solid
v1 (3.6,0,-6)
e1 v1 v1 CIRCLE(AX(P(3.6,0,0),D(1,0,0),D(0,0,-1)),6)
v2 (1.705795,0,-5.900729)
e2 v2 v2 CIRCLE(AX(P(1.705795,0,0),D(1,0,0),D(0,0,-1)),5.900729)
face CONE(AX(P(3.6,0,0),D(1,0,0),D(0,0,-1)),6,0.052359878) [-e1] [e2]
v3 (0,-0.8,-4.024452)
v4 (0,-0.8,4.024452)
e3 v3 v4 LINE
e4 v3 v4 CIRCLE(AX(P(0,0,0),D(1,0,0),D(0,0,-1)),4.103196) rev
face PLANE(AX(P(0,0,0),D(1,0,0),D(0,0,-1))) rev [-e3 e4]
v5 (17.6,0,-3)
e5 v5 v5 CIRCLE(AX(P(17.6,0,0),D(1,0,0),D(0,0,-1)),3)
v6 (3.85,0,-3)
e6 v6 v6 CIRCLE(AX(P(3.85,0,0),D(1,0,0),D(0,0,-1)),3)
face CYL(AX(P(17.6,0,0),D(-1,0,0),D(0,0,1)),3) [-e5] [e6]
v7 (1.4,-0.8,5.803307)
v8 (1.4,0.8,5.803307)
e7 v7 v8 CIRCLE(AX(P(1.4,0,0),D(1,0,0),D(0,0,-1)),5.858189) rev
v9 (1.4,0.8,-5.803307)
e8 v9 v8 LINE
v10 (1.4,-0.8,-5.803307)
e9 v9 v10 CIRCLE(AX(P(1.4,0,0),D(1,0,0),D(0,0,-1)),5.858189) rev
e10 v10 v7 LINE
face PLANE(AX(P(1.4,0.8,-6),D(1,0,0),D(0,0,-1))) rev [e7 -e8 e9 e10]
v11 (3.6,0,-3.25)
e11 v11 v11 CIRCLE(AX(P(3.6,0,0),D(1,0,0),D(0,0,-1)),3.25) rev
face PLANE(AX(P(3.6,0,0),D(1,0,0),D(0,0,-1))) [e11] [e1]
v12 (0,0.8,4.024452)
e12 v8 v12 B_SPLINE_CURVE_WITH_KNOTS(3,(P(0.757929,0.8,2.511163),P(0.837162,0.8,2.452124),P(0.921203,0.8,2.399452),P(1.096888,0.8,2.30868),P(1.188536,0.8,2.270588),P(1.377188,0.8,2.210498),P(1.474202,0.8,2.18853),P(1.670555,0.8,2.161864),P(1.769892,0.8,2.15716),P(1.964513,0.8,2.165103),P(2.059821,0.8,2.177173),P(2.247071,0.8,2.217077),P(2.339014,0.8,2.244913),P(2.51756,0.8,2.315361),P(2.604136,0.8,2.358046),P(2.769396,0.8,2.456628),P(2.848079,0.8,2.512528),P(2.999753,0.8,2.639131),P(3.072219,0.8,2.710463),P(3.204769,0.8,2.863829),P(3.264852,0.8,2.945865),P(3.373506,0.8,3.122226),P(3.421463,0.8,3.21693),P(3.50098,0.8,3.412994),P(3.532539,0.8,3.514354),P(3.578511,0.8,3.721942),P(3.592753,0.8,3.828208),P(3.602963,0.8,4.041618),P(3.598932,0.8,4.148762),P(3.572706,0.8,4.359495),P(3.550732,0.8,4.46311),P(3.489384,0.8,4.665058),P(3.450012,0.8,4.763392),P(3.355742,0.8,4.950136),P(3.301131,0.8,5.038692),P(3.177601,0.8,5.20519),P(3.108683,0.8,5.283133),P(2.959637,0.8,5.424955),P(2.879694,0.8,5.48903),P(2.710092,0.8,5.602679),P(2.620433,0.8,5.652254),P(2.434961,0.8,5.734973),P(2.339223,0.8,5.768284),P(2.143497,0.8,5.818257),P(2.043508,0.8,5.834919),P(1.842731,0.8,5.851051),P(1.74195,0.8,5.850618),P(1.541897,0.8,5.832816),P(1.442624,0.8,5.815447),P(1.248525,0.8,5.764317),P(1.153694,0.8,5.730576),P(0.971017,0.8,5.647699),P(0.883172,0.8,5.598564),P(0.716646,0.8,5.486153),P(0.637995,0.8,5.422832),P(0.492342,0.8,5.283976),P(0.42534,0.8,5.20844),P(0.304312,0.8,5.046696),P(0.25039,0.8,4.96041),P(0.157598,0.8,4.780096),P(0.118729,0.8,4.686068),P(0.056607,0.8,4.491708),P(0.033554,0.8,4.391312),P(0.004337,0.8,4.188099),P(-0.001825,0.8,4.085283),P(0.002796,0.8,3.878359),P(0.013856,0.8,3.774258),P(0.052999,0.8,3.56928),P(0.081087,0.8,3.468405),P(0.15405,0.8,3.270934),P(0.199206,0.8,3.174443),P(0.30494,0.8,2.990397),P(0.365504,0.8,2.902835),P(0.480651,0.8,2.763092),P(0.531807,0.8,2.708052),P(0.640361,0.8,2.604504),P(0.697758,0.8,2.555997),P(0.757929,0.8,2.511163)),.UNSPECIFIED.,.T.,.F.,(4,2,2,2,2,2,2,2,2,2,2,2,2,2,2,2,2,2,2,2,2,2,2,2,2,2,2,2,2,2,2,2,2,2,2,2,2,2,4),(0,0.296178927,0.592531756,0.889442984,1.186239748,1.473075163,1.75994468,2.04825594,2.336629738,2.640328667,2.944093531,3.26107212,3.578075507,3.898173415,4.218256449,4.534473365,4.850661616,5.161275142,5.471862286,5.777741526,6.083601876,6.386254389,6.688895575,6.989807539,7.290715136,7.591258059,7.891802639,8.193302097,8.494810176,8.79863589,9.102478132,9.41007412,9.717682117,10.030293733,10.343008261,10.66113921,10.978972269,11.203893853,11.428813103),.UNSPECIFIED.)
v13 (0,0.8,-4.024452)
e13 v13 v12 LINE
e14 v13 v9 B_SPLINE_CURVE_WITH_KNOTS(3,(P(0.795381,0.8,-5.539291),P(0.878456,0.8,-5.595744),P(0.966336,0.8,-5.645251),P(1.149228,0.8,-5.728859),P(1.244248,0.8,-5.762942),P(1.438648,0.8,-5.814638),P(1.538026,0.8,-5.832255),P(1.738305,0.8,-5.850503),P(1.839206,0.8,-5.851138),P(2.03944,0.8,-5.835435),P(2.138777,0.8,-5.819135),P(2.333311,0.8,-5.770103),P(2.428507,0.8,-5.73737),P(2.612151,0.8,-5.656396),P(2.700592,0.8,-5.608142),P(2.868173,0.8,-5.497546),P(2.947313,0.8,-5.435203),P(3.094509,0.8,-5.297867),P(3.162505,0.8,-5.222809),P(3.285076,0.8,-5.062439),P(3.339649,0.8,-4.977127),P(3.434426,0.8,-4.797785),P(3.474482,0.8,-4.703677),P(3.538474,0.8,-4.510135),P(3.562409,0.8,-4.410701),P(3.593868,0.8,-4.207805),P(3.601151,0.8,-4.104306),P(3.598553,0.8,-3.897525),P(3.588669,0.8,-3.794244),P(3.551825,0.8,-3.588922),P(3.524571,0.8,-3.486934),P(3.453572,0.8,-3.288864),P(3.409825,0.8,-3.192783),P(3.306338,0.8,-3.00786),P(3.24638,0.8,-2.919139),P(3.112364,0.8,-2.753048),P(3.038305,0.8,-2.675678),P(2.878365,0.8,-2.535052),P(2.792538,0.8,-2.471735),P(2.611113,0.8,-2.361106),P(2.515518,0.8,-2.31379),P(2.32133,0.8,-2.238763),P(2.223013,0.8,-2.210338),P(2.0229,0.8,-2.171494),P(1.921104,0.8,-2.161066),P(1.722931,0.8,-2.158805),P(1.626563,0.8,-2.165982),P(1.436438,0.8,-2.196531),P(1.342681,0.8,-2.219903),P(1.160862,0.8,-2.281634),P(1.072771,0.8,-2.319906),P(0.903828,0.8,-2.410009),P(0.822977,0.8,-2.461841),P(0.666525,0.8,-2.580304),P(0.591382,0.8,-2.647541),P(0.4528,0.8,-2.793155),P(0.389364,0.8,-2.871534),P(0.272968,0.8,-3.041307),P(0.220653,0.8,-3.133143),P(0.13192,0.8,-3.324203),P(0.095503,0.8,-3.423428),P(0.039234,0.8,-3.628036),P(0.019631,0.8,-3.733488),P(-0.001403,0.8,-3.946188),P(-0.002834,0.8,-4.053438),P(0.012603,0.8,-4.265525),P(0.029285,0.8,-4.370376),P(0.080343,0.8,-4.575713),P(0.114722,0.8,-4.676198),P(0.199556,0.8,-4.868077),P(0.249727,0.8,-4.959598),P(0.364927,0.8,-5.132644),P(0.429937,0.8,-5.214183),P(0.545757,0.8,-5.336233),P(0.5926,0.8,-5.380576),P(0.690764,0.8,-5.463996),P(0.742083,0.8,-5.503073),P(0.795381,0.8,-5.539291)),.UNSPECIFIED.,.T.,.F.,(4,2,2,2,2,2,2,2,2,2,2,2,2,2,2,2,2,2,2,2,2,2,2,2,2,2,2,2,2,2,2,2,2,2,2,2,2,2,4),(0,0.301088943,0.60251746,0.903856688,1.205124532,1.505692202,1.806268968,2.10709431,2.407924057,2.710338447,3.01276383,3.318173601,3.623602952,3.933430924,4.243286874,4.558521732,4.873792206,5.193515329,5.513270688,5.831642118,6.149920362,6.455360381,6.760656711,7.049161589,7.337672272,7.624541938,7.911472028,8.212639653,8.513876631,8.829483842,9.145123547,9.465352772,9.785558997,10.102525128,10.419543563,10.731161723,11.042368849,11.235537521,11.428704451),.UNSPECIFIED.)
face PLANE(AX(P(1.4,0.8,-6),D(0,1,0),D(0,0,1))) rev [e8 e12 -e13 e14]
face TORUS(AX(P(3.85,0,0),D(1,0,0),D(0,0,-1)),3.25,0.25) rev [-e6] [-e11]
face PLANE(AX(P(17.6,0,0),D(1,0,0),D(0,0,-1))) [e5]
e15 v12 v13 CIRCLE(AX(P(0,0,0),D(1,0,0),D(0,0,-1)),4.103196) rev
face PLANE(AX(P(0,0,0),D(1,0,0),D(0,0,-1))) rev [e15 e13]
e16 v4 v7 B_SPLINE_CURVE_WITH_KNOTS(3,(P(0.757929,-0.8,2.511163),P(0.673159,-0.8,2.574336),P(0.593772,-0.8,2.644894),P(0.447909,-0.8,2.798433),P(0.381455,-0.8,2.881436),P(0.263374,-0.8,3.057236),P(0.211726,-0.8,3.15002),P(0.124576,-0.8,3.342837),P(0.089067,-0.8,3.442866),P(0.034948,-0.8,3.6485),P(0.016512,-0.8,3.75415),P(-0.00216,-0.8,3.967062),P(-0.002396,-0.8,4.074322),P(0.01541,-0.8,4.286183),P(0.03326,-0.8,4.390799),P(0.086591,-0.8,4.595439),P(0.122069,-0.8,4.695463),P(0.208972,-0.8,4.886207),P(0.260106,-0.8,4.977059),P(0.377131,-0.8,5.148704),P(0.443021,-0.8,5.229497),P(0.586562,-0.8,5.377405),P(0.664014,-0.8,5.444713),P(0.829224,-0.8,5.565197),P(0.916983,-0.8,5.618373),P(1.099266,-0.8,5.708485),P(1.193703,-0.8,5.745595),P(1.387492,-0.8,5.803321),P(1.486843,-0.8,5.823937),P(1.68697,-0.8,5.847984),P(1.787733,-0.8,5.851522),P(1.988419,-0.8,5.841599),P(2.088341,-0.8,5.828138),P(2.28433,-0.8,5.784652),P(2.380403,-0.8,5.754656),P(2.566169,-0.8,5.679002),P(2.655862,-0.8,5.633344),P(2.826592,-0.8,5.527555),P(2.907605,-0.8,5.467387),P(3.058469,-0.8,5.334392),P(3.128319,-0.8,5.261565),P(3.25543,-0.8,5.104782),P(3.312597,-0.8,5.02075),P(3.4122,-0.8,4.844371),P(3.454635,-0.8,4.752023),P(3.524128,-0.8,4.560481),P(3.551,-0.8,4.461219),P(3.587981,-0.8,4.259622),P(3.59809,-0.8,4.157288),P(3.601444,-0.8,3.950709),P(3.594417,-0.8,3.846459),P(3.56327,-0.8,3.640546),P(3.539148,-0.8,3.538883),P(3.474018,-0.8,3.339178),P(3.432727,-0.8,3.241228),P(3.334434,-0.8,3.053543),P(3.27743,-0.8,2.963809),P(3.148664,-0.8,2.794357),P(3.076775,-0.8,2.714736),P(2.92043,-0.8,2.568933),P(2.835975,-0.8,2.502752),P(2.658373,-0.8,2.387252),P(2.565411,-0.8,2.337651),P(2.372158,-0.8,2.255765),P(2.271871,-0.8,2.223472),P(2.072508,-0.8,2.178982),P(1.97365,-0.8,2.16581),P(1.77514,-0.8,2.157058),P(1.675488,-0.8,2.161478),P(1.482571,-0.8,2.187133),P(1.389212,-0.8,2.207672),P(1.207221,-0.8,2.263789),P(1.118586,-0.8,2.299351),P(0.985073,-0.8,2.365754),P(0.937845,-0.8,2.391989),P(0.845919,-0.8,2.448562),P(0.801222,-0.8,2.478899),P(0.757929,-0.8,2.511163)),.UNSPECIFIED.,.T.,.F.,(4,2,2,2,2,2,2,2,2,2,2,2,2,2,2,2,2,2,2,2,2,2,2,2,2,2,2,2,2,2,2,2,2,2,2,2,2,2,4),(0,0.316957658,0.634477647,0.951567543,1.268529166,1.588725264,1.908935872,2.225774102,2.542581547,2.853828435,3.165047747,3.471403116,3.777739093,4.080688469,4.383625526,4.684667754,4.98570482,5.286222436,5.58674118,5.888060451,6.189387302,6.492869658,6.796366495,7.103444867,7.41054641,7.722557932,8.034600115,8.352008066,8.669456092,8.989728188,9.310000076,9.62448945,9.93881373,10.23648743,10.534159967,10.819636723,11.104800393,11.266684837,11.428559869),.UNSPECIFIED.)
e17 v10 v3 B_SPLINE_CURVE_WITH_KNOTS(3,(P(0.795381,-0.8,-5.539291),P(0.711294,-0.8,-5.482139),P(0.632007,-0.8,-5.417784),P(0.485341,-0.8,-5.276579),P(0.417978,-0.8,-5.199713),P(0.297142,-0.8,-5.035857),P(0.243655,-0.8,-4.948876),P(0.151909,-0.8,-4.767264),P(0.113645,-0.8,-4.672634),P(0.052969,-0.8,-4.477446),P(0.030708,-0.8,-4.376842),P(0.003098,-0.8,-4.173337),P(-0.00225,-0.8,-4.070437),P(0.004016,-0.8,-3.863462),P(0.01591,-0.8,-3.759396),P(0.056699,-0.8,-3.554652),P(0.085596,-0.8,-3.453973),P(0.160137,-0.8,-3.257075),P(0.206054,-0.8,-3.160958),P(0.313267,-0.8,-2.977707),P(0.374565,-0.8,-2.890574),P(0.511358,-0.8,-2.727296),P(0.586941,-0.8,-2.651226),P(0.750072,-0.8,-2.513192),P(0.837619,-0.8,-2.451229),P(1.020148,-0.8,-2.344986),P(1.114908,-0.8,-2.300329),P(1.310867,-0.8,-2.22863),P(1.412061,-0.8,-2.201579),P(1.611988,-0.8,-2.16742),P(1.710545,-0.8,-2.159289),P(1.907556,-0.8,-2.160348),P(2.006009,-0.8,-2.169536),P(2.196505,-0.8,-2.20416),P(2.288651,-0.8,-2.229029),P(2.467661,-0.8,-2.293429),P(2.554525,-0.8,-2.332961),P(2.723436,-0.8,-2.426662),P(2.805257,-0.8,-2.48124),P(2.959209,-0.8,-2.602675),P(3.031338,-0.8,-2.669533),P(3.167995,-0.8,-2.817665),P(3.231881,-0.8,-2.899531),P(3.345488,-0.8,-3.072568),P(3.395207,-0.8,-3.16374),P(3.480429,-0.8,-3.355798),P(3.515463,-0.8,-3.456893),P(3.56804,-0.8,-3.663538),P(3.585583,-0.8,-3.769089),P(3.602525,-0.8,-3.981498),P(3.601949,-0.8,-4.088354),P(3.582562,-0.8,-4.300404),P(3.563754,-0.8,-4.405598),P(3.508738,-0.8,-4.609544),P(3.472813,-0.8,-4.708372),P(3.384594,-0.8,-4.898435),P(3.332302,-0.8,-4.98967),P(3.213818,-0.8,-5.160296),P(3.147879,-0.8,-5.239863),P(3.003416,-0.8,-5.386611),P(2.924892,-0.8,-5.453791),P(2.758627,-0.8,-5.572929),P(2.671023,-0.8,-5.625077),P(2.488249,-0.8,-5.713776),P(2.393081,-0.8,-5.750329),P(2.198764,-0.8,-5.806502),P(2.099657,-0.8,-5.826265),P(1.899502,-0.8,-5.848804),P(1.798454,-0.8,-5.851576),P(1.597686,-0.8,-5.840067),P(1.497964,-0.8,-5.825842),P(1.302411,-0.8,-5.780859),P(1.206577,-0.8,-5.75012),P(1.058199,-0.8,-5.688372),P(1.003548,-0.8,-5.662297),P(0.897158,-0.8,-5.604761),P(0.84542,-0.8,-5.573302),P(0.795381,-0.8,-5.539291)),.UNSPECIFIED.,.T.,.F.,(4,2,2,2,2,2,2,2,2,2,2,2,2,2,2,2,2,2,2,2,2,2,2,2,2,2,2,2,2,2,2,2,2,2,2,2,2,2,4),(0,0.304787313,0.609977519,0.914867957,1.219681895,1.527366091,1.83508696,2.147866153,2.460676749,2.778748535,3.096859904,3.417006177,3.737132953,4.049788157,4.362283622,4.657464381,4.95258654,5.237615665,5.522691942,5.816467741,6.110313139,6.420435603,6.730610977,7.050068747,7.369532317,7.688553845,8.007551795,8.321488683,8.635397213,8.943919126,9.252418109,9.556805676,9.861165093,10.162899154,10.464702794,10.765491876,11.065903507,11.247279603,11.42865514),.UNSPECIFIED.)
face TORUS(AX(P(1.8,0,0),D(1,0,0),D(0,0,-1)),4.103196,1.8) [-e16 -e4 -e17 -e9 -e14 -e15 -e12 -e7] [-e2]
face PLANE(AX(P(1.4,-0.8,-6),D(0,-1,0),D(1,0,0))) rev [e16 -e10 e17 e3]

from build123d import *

# Parameters (mm, degrees)
SKETCH1_R        = 6
BASEHEAD_DEPTH   = 3.6
BASEHEAD_DRAFT   = -3
SKETCH2_R        = 3
BASEBODY_DEPTH   = 14
HEADFILLET2_R    = 1.8
NOTCH_DEPTH      = 19.96325394
NOTCH_DEPTH_BACK = 19.96325394
SKETCH3_W        = 1.6
SKETCH3_H        = 1.4
HEADFILLET1_R    = 0.25


with BuildPart() as part:
    # Sketch1 → BaseHead (with draft: the straight prism first)
    with BuildSketch(Plane(origin=(3.6, 0, 0), x_dir=(0, 0, -1), z_dir=(1, 0, 0))):
        Circle(SKETCH1_R)
    extrude(amount=-BASEHEAD_DEPTH)
    # BaseHead: the draft: its side faces are tilted about the plane it starts from
    basehead_sides = [part.faces().sort_by_distance(p)[0] for p in [
        (1.8, 0, 6),
    ]]
    draft(basehead_sides, Plane(origin=(3.6, 0, 0), x_dir=(0, 0, -1), z_dir=(1, 0, 0)), BASEHEAD_DRAFT)

    # Sketch2 → BaseBody (add)
    with BuildSketch(Plane(origin=(3.6, 0, 0), x_dir=(0, 0, -1), z_dir=(1, 0, 0))):
        Circle(SKETCH2_R)
    extrude(amount=BASEBODY_DEPTH)

    # HeadFillet2
    headfillet2_edges = [part.edges().sort_by_distance(p)[0] for p in [
        (0, 0, 5.811331995),
    ]]
    fillet(headfillet2_edges, radius=HEADFILLET2_R)

    # Sketch3 → Notch (cut, two sides: drawn at the far end of the back side and taken through both)
    with BuildSketch(Plane(origin=(1.05, -1.05, 0), x_dir=(0, -1, 0), z_dir=(0, 0, 1)).offset(-NOTCH_DEPTH_BACK)):
        with Locations((-1.05, -0.35)):
            Rectangle(SKETCH3_W, SKETCH3_H)
    extrude(amount=NOTCH_DEPTH + NOTCH_DEPTH_BACK, mode=Mode.SUBTRACT)

    # HeadFillet1
    headfillet1_edges = [part.edges().sort_by_distance(p)[0] for p in [
        (3.6, 0, 3),
    ]]
    fillet(headfillet1_edges, radius=HEADFILLET1_R)


solid = part.part
